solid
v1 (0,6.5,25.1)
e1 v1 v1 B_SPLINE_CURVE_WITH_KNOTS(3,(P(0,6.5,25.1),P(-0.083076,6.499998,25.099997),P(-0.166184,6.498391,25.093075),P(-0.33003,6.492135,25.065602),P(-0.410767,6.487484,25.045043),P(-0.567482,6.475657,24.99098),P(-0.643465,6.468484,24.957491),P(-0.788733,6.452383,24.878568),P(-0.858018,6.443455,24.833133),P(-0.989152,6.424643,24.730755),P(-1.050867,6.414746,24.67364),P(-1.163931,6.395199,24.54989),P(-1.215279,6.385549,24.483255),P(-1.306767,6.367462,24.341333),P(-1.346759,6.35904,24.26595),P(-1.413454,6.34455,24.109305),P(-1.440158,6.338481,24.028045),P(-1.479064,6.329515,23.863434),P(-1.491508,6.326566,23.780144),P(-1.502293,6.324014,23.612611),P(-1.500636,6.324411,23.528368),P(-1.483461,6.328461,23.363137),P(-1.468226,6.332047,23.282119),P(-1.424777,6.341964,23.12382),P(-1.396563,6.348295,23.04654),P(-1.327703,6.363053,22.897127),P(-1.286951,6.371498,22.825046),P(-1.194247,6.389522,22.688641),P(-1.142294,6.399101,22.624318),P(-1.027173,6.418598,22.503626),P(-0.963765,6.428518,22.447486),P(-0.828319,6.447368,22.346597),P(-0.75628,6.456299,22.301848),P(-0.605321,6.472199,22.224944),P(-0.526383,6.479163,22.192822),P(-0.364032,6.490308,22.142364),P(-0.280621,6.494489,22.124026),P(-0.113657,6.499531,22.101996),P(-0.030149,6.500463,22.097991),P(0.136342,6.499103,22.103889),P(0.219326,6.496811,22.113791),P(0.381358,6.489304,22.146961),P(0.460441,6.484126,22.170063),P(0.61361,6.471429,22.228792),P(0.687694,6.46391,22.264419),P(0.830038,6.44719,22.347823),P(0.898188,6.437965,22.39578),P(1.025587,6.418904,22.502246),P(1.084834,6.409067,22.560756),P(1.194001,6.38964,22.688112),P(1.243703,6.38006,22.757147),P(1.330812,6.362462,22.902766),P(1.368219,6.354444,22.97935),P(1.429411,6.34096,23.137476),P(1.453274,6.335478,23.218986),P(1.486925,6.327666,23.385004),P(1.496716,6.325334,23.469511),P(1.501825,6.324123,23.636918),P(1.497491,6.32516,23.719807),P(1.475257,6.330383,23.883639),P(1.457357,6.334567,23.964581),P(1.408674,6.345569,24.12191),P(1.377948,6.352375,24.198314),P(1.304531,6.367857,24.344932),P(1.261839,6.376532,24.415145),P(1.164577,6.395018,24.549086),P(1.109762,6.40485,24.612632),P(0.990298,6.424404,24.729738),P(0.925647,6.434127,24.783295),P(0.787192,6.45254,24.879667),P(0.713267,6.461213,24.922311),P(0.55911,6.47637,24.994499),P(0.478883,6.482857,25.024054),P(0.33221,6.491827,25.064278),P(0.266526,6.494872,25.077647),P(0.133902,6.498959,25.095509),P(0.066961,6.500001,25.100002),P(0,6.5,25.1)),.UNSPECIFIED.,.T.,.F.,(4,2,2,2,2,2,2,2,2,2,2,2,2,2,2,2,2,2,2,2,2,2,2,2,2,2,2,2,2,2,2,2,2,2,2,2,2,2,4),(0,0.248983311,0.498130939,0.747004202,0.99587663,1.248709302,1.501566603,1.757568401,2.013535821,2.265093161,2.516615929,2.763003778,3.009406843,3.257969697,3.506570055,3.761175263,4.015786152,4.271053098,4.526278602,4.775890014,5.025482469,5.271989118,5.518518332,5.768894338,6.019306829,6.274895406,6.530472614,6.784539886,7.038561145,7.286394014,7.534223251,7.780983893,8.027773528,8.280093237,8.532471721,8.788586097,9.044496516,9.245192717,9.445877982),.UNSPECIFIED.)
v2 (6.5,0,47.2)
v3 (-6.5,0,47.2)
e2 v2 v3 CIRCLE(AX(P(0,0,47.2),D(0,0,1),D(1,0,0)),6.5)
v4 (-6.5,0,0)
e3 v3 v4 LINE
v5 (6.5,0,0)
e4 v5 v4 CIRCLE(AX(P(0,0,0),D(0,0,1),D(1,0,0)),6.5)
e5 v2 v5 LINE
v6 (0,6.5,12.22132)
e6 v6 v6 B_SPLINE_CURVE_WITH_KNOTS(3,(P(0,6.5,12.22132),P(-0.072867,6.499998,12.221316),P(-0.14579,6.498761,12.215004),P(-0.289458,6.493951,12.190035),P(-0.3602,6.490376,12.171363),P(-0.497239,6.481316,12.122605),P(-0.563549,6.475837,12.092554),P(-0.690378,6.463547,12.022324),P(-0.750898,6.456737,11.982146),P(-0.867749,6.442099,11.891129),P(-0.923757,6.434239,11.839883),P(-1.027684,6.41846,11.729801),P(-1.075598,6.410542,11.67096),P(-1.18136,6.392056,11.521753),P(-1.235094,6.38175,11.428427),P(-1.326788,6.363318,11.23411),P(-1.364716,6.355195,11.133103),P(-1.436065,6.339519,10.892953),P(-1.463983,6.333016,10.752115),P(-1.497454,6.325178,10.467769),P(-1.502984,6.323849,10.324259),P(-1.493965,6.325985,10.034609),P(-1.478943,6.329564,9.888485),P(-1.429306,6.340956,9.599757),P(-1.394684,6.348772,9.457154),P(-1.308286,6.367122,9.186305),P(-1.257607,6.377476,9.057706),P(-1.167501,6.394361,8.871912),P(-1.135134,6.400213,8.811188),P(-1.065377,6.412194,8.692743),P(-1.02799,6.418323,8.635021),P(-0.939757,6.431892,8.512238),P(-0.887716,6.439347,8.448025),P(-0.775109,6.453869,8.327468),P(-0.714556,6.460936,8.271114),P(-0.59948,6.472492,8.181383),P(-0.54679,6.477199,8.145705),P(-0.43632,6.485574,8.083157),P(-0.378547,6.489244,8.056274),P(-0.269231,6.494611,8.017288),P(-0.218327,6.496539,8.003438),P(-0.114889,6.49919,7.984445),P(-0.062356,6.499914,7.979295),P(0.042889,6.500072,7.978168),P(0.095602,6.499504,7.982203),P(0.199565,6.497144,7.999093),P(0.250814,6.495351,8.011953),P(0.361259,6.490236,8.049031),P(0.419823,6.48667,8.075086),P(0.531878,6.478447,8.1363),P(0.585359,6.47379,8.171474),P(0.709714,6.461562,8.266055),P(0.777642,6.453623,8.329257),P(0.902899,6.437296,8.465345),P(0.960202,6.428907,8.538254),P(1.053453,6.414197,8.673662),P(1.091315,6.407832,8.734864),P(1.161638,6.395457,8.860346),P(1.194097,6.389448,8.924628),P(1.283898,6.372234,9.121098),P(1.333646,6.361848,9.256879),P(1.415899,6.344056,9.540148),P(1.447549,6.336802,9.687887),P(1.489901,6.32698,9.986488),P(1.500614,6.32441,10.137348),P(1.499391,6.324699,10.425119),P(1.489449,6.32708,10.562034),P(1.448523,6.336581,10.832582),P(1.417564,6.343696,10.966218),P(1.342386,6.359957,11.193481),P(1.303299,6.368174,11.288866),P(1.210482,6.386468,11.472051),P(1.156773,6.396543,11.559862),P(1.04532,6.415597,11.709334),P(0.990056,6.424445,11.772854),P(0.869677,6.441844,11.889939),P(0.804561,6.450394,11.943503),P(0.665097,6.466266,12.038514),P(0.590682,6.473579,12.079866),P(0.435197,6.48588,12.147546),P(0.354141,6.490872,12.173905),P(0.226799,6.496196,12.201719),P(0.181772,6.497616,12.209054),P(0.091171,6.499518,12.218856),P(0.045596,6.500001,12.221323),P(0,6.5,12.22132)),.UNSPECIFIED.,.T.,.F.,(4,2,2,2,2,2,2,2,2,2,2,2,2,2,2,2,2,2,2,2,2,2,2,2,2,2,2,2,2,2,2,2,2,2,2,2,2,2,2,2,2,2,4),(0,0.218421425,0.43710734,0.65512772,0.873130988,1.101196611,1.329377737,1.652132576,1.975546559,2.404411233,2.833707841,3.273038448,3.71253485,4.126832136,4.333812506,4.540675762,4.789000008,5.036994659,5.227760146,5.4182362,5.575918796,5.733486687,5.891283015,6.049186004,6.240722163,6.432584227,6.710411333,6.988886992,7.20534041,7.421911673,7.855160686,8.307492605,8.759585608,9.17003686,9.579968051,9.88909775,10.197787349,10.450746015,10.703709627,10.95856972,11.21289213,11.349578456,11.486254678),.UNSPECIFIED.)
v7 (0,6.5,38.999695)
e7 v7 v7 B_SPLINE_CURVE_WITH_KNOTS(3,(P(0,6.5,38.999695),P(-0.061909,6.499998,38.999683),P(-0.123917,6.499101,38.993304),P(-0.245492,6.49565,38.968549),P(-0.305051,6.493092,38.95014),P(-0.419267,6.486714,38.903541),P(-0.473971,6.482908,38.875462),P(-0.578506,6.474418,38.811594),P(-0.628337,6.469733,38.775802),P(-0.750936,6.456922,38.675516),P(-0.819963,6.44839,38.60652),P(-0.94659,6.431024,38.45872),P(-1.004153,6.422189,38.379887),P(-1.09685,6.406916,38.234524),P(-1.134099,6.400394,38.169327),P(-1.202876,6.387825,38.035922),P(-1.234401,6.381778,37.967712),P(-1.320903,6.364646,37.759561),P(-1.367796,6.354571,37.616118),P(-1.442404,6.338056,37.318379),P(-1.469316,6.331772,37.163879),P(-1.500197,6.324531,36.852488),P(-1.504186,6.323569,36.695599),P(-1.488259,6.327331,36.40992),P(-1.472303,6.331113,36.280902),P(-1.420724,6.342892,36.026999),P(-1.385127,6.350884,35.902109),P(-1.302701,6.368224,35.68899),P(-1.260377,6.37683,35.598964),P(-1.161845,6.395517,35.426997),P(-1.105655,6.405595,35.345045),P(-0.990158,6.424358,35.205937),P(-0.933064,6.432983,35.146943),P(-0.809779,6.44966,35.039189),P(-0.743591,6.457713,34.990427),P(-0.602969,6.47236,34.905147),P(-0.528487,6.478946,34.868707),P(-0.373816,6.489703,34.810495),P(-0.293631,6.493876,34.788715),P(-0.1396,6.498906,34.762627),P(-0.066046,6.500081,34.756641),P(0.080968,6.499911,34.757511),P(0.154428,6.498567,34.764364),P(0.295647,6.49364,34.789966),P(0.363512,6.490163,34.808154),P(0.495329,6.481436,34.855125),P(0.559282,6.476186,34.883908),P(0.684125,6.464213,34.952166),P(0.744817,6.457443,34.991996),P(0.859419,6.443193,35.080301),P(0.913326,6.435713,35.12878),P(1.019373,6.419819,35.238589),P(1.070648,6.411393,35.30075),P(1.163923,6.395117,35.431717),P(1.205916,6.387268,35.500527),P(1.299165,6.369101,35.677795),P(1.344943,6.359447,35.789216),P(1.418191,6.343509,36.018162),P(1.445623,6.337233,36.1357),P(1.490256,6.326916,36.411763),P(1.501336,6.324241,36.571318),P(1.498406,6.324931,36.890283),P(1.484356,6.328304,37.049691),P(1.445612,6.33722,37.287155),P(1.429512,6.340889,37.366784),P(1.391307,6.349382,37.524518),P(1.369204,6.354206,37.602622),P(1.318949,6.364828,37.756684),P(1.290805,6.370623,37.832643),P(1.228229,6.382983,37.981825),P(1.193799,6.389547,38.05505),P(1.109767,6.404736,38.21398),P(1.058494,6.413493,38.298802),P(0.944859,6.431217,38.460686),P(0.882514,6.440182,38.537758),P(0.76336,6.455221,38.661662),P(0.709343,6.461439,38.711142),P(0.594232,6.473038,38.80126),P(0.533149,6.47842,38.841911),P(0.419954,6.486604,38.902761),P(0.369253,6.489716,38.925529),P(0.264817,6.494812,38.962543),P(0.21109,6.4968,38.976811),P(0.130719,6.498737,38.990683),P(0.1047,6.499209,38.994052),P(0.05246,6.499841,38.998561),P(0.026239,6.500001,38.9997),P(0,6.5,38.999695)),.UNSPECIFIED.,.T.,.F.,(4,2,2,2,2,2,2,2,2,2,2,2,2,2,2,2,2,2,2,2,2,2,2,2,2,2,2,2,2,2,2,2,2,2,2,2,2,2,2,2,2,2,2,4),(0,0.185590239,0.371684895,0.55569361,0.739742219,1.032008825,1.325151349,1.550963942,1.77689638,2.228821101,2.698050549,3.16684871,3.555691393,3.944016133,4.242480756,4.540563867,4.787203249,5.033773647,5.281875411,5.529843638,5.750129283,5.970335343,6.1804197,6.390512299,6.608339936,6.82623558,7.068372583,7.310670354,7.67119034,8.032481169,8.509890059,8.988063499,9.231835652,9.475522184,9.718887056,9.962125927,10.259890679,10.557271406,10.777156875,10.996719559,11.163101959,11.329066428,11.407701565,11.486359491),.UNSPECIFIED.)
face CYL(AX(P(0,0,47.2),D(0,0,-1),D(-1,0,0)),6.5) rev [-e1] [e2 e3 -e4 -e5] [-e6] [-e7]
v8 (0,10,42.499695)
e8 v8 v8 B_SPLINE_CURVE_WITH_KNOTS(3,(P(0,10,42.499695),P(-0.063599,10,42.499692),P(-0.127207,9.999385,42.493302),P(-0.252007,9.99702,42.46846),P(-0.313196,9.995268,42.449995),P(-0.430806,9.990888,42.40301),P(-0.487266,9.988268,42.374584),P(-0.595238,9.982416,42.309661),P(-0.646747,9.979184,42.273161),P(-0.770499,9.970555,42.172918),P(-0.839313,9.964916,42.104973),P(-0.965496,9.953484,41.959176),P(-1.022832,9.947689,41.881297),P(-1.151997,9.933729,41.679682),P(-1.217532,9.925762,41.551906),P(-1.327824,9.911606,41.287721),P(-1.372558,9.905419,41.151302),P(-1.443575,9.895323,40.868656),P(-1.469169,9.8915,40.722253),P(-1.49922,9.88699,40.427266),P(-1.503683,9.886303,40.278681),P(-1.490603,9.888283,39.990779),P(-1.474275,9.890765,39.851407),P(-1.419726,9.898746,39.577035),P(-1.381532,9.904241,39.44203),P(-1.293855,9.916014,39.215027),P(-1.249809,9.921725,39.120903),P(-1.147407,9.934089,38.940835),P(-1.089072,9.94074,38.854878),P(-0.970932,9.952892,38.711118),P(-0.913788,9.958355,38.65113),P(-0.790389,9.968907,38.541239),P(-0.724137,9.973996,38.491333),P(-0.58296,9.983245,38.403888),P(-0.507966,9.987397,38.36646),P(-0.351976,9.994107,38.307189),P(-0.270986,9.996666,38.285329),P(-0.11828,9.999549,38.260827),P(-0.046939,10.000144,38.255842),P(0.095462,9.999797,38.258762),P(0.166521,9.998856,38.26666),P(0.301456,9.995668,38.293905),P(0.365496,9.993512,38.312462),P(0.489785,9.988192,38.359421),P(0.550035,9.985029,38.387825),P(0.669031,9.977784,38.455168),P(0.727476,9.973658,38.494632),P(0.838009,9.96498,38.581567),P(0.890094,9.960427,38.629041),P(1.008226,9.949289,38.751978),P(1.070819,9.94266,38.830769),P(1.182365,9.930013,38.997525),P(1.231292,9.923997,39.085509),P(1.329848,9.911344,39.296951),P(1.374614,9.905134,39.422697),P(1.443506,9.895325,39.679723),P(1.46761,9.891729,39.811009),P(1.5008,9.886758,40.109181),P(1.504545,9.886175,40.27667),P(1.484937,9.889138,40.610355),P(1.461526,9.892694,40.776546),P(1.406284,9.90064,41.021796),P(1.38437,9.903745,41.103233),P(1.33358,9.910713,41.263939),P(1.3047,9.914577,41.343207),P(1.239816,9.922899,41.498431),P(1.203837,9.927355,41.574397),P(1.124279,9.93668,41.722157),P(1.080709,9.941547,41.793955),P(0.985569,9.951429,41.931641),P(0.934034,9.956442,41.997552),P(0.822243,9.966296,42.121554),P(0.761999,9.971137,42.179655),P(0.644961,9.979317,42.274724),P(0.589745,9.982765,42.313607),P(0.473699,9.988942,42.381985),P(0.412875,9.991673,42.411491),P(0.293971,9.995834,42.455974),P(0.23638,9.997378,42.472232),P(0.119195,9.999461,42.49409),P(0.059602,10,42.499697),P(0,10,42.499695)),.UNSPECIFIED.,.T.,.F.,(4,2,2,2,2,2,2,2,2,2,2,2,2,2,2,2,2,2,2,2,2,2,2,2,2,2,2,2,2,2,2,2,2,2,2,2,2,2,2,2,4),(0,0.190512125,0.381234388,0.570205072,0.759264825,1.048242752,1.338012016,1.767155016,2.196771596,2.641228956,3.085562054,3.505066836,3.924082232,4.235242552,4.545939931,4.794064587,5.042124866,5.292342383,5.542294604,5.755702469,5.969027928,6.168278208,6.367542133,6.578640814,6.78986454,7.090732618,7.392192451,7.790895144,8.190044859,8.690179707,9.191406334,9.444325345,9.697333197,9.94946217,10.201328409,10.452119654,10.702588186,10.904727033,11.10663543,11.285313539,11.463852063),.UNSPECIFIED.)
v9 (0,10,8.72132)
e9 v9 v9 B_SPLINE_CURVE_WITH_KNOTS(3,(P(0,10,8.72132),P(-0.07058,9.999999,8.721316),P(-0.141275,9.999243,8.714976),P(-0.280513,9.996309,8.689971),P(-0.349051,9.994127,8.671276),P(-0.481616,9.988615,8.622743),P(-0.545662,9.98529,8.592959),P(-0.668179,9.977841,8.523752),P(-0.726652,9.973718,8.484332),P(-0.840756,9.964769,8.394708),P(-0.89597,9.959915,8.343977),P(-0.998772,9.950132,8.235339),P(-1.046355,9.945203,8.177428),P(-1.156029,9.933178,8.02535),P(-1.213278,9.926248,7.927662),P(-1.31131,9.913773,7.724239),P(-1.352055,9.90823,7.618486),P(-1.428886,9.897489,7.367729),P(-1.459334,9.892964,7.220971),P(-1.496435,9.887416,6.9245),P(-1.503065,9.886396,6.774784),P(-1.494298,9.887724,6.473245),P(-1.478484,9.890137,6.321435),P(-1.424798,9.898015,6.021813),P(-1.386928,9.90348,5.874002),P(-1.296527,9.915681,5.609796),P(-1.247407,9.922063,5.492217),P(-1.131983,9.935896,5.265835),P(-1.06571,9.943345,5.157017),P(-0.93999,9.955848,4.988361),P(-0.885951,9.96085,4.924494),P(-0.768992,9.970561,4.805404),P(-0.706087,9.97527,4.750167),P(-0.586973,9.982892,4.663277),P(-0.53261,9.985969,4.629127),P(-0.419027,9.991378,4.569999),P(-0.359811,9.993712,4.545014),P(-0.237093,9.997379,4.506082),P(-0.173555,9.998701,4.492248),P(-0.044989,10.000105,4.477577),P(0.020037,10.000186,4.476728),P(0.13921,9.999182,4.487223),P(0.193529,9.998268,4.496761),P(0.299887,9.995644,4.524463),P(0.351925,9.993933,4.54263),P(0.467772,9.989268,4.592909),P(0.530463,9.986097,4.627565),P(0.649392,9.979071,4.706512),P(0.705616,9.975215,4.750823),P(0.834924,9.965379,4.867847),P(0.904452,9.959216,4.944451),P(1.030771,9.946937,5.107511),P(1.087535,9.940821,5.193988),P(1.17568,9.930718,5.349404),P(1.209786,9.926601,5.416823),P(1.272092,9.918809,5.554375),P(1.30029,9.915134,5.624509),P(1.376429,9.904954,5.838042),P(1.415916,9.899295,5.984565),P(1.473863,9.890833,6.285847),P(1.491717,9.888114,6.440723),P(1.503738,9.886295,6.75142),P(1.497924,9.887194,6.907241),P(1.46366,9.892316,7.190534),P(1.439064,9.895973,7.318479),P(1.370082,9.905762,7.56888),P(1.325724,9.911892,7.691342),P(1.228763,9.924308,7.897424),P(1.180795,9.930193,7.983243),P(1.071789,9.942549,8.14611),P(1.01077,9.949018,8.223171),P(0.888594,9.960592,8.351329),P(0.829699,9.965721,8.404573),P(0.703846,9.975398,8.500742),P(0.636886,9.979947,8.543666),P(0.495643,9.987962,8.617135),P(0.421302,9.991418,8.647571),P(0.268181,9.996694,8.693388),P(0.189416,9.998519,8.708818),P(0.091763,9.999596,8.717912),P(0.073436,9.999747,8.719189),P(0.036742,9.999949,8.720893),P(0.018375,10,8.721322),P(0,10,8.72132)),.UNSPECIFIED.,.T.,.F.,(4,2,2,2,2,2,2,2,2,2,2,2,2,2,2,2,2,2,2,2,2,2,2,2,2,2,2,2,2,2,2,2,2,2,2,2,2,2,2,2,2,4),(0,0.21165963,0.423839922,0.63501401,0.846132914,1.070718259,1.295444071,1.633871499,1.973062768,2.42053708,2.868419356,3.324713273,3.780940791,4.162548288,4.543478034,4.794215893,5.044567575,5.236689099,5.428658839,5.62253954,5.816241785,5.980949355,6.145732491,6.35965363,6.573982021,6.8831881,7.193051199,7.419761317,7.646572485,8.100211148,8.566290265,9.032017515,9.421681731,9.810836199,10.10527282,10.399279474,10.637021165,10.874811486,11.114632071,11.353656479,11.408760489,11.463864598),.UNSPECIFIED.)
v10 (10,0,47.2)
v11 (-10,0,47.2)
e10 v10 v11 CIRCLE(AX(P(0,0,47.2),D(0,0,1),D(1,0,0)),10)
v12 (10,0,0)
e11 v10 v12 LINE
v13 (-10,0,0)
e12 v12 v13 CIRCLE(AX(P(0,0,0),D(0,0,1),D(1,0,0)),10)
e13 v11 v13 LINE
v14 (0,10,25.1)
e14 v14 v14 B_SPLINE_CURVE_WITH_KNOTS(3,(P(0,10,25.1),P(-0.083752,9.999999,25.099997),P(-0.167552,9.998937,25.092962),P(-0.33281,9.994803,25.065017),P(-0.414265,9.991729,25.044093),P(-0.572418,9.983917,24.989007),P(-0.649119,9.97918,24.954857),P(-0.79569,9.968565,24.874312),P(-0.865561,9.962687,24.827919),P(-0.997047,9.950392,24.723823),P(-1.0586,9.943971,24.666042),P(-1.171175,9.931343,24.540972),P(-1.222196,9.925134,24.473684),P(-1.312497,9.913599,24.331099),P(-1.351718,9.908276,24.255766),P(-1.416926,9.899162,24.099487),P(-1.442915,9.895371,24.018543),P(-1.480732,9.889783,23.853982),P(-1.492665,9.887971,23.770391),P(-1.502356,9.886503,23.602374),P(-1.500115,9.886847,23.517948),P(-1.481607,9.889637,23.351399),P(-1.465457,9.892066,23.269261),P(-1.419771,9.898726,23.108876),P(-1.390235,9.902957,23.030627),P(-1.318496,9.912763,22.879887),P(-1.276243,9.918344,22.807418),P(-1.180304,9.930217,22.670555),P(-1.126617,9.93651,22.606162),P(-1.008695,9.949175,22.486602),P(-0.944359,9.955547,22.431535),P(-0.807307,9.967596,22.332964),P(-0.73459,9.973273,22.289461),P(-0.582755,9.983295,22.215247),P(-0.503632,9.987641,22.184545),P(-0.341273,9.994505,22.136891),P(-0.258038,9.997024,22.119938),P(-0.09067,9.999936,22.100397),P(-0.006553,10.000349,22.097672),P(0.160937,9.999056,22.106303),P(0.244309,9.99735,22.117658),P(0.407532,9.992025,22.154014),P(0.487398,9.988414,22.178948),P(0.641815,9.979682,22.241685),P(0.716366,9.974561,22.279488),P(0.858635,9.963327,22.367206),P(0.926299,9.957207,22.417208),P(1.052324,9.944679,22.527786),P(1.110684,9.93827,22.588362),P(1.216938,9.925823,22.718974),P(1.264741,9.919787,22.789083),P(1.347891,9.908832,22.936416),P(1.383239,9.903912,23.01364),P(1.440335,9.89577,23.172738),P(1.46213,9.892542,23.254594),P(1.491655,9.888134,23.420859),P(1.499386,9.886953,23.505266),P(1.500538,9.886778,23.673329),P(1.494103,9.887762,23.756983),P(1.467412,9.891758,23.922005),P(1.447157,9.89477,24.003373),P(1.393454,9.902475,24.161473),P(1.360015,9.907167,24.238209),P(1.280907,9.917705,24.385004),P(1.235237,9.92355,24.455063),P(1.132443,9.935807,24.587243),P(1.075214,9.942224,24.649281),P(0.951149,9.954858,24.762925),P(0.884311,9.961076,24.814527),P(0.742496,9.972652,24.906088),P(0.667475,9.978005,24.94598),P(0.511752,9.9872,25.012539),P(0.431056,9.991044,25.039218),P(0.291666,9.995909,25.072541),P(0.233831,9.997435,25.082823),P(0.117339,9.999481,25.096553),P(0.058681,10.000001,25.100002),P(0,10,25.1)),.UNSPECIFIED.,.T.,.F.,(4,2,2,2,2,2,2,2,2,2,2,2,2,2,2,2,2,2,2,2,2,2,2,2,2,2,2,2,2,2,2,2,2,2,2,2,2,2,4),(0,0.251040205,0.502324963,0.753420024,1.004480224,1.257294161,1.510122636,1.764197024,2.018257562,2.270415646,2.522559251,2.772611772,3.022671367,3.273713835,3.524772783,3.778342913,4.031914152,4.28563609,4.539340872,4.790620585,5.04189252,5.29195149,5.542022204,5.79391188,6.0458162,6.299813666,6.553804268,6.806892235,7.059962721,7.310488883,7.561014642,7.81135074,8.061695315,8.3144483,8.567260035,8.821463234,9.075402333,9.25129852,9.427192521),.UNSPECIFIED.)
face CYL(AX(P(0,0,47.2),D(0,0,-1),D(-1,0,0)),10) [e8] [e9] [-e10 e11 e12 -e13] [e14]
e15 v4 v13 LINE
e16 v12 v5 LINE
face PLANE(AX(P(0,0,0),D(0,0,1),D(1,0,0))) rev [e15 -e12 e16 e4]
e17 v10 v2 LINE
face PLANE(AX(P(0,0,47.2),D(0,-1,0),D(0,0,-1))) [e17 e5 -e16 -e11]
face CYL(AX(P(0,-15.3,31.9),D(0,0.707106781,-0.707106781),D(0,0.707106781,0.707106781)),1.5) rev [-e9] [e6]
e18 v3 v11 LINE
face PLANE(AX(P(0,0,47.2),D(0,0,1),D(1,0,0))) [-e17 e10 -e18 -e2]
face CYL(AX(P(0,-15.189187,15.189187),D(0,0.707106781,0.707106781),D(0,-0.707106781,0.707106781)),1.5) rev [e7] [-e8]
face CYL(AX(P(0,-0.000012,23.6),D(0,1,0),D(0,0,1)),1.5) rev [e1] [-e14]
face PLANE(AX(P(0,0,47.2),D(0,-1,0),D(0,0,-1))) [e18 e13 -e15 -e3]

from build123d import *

# Parameters (mm, degrees)
BOSS_EXTRUDE1_DEPTH     = 47.2
CUT_EXTRUDE1_DEPTH      = 50.273116402
CUT_EXTRUDE1_DEPTH_BACK = 50.273116402
SKETCH3_R               = 1.5
CUT_EXTRUDE3_DEPTH      = 51.597430898
CUT_EXTRUDE3_DEPTH_BACK = 51.597430898
SKETCH7_R               = 1.5
CUT_EXTRUDE4_DEPTH      = 37.999869057
CUT_EXTRUDE4_DEPTH_BACK = 37.999869057
SKETCH10_R              = 1.5


with BuildPart() as part:
    # Sketch1 → Boss-Extrude1 (new body)
    with BuildSketch(Plane.XY):
        with BuildLine():
            Line((6.5, 0), (10, 0))
            ThreePointArc((10, 0), (0, 10), (-10, 0))
            Line((-10, 0), (-6.5, 0))
            ThreePointArc((-6.5, 0), (0, 6.5), (6.5, 0))
        make_face()
    extrude(amount=BOSS_EXTRUDE1_DEPTH)

    # Sketch3 → Cut-Extrude1 (cut, two sides: drawn at the far end of the back side and taken through both)
    with BuildSketch(Plane(origin=(0, 0, 0), x_dir=(1, 0, 0), z_dir=(0, 1, 0)).offset(-CUT_EXTRUDE1_DEPTH_BACK)):
        with Locations(Location((0, -23.6, 0), (0, 0, 270))):
            Circle(SKETCH3_R)
    extrude(amount=CUT_EXTRUDE1_DEPTH + CUT_EXTRUDE1_DEPTH_BACK, mode=Mode.SUBTRACT)

    # Sketch7 → Cut-Extrude3 (cut, two sides: drawn at the far end of the back side and taken through both)
    with BuildSketch(Plane(origin=(0, 1.7, -1.7), x_dir=(0, 0.7071067811865389, 0.7071067811865561), z_dir=(0, 0.7071067811865561, -0.7071067811865389)).offset(-CUT_EXTRUDE3_DEPTH_BACK)):
        with Locations((11.737972568, 0)):
            Circle(SKETCH7_R)
    extrude(amount=CUT_EXTRUDE3_DEPTH + CUT_EXTRUDE3_DEPTH_BACK, mode=Mode.SUBTRACT)

    # Sketch10 → Cut-Extrude4 (cut, two sides: drawn at the far end of the back side and taken through both)
    with BuildSketch(Plane(origin=(0, 25.189187146, 25.189187146), x_dir=(0, -0.7071067811865488, 0.7071067811865464), z_dir=(0, 0.7071067811865464, 0.7071067811865488)).offset(-CUT_EXTRUDE4_DEPTH_BACK)):
        with Locations((21.480754463, 0)):
            Circle(SKETCH10_R)
    extrude(amount=CUT_EXTRUDE4_DEPTH + CUT_EXTRUDE4_DEPTH_BACK, mode=Mode.SUBTRACT)


solid = part.part
